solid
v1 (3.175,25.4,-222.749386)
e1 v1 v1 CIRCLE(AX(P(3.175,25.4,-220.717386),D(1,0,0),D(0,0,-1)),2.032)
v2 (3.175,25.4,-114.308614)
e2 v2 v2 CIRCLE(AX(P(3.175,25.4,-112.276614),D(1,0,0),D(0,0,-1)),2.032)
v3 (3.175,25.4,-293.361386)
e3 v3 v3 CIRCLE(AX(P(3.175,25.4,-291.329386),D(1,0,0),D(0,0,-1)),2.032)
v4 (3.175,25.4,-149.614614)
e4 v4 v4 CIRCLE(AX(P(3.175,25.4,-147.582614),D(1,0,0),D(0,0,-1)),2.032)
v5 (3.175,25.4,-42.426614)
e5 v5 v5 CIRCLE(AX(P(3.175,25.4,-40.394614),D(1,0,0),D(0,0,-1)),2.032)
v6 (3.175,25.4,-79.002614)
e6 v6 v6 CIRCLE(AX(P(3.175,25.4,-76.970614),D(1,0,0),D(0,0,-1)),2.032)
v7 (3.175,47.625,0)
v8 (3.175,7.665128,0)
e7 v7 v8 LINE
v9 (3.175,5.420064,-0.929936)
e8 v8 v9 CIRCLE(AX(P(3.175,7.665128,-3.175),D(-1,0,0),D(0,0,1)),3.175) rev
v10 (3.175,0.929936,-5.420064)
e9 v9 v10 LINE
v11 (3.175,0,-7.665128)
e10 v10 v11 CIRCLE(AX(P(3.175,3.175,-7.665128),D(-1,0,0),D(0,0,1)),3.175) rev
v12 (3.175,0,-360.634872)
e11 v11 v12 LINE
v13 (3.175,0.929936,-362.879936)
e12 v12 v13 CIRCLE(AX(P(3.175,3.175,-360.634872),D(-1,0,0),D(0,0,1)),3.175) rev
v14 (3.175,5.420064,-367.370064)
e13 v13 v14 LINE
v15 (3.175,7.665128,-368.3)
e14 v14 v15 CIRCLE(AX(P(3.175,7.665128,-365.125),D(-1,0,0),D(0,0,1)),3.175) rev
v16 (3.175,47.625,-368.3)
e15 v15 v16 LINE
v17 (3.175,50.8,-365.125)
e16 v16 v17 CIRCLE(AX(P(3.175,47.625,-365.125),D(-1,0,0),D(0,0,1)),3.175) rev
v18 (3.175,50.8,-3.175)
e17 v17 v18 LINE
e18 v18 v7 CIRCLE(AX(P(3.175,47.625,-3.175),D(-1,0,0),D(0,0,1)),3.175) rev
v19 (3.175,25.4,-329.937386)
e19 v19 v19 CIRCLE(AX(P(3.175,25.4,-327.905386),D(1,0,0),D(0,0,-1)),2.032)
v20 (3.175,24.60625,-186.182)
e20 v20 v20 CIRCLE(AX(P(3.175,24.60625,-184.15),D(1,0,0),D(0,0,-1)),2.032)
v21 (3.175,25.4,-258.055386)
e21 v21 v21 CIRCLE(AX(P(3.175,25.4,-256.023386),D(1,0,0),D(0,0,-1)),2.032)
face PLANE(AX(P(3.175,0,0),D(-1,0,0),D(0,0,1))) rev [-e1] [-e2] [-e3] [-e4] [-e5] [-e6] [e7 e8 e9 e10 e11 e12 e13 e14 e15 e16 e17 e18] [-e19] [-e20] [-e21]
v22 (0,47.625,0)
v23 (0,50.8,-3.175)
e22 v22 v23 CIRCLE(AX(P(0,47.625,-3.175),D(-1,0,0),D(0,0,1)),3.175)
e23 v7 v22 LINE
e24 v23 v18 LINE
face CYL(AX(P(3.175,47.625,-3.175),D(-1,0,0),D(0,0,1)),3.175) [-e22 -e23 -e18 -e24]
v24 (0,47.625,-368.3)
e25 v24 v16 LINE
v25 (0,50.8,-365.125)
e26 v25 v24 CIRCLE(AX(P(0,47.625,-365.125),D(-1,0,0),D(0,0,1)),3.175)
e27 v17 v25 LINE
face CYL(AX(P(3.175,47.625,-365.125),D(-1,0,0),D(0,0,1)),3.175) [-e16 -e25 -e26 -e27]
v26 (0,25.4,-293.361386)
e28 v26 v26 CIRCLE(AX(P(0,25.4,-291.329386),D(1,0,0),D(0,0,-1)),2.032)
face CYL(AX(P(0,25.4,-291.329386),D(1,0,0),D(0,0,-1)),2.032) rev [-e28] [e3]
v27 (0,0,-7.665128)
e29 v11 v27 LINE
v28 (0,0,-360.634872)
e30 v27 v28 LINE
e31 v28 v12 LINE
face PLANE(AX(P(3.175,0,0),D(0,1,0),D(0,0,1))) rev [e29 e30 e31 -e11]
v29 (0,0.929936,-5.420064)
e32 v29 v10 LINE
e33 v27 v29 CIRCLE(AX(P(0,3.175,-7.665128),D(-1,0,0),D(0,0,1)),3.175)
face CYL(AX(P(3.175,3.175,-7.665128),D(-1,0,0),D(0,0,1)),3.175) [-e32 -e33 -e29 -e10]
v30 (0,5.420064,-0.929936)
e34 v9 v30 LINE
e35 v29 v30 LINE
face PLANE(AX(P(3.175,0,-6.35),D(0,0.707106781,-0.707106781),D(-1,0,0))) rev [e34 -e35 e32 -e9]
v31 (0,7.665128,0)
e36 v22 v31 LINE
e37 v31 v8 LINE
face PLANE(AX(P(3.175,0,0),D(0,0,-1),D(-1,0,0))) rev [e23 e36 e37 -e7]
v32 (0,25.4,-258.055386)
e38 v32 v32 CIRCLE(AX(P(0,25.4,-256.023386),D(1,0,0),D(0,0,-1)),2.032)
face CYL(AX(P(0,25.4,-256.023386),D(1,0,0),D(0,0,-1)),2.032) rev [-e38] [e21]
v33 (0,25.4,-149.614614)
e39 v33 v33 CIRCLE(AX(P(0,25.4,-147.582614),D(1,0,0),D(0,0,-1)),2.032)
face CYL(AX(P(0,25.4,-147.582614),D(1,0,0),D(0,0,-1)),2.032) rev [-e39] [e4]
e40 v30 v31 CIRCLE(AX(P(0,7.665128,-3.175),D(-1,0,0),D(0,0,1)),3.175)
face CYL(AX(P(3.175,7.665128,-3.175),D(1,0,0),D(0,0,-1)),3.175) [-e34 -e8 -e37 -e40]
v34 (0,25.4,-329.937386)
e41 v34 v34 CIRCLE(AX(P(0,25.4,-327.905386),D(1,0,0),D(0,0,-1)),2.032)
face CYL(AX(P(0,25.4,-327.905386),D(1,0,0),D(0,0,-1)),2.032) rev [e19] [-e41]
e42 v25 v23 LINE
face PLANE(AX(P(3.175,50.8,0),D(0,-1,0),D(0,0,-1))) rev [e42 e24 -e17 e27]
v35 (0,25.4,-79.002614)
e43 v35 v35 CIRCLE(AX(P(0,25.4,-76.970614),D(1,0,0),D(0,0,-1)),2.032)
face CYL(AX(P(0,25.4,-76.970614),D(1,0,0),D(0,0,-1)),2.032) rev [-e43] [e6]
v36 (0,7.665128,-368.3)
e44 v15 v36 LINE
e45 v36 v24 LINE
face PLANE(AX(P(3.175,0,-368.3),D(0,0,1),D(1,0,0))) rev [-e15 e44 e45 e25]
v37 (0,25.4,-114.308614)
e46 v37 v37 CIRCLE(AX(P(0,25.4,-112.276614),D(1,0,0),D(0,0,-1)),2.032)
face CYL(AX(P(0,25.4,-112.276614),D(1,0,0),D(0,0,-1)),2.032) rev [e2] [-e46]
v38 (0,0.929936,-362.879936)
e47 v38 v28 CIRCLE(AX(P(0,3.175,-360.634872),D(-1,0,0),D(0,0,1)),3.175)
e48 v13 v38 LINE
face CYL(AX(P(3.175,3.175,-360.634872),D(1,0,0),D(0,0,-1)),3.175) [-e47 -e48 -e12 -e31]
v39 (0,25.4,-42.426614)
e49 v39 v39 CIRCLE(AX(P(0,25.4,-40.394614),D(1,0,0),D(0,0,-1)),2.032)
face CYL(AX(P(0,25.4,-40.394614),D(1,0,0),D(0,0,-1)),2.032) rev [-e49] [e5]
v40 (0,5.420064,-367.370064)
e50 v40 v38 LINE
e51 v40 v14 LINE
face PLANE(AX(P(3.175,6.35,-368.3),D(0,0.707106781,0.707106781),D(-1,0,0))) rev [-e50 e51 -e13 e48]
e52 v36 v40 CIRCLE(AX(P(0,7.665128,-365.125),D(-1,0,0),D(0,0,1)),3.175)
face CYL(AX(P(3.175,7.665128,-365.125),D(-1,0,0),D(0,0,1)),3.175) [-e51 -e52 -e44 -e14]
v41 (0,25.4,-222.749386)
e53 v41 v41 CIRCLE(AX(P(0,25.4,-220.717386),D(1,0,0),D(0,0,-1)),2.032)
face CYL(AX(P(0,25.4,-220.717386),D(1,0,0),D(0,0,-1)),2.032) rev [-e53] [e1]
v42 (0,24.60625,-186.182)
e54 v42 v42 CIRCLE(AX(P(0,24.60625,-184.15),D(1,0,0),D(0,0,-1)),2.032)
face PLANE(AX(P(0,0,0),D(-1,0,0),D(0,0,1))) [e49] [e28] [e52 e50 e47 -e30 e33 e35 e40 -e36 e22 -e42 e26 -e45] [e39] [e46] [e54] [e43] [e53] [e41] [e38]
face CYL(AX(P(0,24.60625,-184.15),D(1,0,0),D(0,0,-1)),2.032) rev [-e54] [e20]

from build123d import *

# Parameters (mm, degrees)
SKETCH1_W           = 368.3
SKETCH1_H           = 50.8
BOSS_EXTRUDE1_DEPTH = 3.175
SKETCH2_R           = 2.032
CUT_EXTRUDE1_DEPTH  = 372.80049842
CHAMFER1_SIZE       = 6.35
FILLET1_R           = 3.175


with BuildPart() as part:
    # Sketch1 → Boss-Extrude1 (new body)
    with BuildSketch(Plane(origin=(0, 0, 0), x_dir=(0, 0, -1), z_dir=(1, 0, 0))):
        with Locations((184.15, 25.4)):
            Rectangle(SKETCH1_W, SKETCH1_H)
    extrude(amount=BOSS_EXTRUDE1_DEPTH)

    # Sketch2 → Cut-Extrude1 (cut, through all)
    with BuildSketch(Plane(origin=(3.175, 0, 0), x_dir=(0, 0, -1), z_dir=(1, 0, 0))):
        with Locations((327.905386247, 25.4)):
            Circle(SKETCH2_R)
        with Locations((291.329386247, 25.4)):
            Circle(SKETCH2_R)
        with Locations((256.023386247, 25.4)):
            Circle(SKETCH2_R)
        with Locations((220.717386247, 25.4)):
            Circle(SKETCH2_R)
        with Locations((184.15, 24.60625)):
            Circle(SKETCH2_R)
        with Locations((147.582613753, 25.4)):
            Circle(SKETCH2_R)
        with Locations((112.276613753, 25.4)):
            Circle(SKETCH2_R)
        with Locations((76.970613753, 25.4)):
            Circle(SKETCH2_R)
        with Locations((40.394613753, 25.4)):
            Circle(SKETCH2_R)
    extrude(amount=-CUT_EXTRUDE1_DEPTH, mode=Mode.SUBTRACT)

    # Chamfer1
    chamfer1_edges = [part.edges().sort_by_distance(p)[0] for p in [
        (1.5875, 0, -368.3),
        (1.5875, 0, 0),
    ]]
    chamfer(chamfer1_edges, length=CHAMFER1_SIZE)

    # Fillet1
    fillet1_edges = [part.edges().sort_by_distance(p)[0] for p in [
        (1.5875, 0, -361.95),
        (1.5875, 0, -6.35),
        (1.5875, 6.35, 0),
        (1.5875, 6.35, -368.3),
        (1.5875, 50.8, 0),
        (1.5875, 50.8, -368.3),
    ]]
    fillet(fillet1_edges, radius=FILLET1_R)


solid = part.part
